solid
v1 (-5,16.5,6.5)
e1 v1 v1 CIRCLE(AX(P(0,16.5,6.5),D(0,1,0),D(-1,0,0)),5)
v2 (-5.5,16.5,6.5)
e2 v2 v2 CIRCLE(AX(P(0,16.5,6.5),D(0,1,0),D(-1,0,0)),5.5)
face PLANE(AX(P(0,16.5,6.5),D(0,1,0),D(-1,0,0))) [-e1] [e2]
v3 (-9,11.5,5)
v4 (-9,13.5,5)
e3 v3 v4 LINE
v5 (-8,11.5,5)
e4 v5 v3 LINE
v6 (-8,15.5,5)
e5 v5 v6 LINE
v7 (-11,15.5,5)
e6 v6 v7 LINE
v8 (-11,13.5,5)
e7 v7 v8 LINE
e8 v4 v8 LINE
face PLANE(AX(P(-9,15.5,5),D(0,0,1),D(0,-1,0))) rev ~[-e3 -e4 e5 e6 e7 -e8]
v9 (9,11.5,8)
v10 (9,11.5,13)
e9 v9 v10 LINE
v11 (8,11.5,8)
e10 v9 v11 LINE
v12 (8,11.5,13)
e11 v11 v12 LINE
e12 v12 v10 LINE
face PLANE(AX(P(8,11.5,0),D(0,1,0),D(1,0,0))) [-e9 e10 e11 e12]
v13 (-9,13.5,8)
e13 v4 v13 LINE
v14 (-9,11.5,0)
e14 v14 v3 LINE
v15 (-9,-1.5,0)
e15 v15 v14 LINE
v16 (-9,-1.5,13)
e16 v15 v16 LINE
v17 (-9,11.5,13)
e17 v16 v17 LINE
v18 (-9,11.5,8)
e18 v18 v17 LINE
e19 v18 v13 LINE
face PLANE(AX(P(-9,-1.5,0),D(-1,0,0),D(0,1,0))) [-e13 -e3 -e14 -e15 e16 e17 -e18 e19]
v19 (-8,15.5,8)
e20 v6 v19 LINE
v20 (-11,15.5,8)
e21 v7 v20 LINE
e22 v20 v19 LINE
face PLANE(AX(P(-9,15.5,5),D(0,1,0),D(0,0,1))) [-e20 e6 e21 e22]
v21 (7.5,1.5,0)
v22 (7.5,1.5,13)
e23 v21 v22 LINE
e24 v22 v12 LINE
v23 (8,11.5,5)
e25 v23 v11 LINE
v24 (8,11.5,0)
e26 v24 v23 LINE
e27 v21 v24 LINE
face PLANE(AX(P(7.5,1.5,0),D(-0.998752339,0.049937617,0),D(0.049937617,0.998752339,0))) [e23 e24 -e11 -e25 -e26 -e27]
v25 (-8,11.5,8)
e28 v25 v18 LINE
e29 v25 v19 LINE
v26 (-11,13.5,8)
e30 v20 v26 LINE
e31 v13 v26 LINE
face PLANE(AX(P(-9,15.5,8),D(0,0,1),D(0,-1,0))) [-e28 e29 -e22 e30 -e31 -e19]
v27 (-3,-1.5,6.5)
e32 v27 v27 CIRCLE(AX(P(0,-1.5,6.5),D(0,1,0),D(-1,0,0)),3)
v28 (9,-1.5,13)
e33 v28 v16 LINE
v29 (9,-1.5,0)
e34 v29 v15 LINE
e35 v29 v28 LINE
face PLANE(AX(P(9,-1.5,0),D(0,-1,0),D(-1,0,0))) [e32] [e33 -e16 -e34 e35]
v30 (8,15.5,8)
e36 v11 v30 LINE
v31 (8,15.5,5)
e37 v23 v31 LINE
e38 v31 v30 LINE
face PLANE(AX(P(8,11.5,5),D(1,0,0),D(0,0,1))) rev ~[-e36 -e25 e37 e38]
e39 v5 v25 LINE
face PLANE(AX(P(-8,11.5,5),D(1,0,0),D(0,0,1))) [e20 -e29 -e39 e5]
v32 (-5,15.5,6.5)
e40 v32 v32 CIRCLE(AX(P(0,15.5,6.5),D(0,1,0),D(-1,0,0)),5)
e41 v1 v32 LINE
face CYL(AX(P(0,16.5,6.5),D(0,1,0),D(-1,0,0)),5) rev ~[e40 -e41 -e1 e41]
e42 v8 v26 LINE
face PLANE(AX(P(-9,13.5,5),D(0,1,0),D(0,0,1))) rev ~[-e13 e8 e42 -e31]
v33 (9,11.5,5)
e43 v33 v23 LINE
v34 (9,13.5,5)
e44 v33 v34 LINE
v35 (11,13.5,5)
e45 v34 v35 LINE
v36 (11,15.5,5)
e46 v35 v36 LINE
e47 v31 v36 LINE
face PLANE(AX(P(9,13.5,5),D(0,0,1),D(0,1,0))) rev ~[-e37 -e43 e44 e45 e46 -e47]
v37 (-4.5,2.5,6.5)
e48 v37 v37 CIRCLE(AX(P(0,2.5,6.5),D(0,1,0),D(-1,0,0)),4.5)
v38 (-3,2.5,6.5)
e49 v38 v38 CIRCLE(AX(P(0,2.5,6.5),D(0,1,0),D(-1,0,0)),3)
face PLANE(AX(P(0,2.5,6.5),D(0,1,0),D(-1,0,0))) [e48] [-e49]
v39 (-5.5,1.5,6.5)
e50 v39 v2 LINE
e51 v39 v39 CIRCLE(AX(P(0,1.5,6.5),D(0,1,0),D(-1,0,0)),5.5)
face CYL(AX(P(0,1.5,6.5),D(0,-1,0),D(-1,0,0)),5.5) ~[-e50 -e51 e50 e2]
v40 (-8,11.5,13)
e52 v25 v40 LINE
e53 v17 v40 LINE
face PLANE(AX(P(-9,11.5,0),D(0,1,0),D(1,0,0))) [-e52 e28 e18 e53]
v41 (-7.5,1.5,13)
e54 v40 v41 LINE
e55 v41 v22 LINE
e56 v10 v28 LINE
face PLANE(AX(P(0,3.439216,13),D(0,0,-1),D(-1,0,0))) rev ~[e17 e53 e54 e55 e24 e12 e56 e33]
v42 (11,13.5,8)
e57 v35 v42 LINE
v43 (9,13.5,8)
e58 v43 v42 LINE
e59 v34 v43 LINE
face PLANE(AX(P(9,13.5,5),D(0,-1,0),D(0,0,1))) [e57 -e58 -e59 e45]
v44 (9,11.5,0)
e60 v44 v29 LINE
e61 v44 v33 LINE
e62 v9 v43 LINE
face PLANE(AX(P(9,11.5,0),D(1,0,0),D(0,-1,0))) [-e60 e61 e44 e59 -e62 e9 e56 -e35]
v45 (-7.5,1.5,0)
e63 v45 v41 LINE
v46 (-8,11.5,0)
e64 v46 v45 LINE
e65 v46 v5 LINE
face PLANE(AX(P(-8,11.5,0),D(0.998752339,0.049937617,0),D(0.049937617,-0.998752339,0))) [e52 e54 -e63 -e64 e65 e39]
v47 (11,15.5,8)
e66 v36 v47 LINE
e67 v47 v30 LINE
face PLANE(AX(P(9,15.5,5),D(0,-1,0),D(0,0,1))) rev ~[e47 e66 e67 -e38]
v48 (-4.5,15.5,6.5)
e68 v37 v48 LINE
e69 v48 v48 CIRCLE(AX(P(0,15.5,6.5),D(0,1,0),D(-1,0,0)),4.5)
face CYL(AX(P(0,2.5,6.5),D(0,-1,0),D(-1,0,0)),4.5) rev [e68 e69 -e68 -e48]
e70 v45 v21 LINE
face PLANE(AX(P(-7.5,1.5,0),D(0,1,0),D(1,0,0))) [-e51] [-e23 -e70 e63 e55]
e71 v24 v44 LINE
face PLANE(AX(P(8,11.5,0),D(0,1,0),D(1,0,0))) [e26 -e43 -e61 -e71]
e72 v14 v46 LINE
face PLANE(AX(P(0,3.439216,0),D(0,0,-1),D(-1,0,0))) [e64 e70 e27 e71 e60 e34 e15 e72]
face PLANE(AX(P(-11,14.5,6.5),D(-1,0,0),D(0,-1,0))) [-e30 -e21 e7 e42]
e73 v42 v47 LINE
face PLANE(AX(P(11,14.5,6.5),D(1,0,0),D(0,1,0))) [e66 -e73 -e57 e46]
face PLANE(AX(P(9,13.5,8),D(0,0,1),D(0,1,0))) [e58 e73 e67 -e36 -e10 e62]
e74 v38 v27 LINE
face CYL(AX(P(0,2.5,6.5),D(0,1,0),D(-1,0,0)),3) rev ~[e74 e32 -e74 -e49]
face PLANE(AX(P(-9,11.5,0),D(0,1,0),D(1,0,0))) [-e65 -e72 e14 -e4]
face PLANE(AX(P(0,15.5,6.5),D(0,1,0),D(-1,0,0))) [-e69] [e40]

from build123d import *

# Parameters (mm, degrees)
PAD_DEPTH       = 13
SKETCH001_R     = 5.5
PAD001_DEPTH    = 15
SKETCH002_R     = 5
POCKET_DEPTH    = 14
SKETCH003_R     = 3
POCKET001_DEPTH = 4.001
SKETCH005_W     = 1
SKETCH005_H     = 3
PAD002_DEPTH    = 4
SKETCH006_W     = 1
SKETCH006_H     = 3
PAD003_DEPTH    = 4
SKETCH007_W     = 2
SKETCH007_H     = 3
PAD004_DEPTH    = 2
SKETCH008_W     = 2
SKETCH008_H     = 3
PAD005_DEPTH    = 2
SKETCH009_R     = 5
SKETCH009_R_2   = 4.5
PAD006_DEPTH    = 13


with BuildPart() as part:
    # Sketch → Pad (new body)
    with BuildSketch(Plane.XY):
        Polygon((-7.5, 1.5), (7.5, 1.5), (8, 11.5), (9, 11.5), (9, -1.5), (-9, -1.5), (-9, 11.5), (-8, 11.5), align=None)
    extrude(amount=PAD_DEPTH)

    # Sketch001 (on Face5 of Pad) → Pad001 (join)
    with BuildSketch(Plane(origin=(0, 1.5, 0), x_dir=(-1, 0, 0), z_dir=(0, 1, 0))):
        with Locations((0, 6.5)):
            Circle(SKETCH001_R)
    extrude(amount=PAD001_DEPTH)

    # Sketch002 (on Face12 of Pad001) → Pocket (cut)
    with BuildSketch(Plane(origin=(0, 16.5, 0), x_dir=(-1, 0, 0), z_dir=(0, 1, 0))):
        with Locations((0, 6.5)):
            Circle(SKETCH002_R)
    extrude(amount=-POCKET_DEPTH, mode=Mode.SUBTRACT)

    # Sketch003 (on Face14 of Pocket) → Pocket001 (cut, through all)
    with BuildSketch(Plane(origin=(0, 2.5, 0), x_dir=(-1, 0, 0), z_dir=(0, 1, 0))):
        with Locations((0, 6.5)):
            Circle(SKETCH003_R)
    extrude(amount=-POCKET001_DEPTH, mode=Mode.SUBTRACT)

    # Sketch005 (on Face8 of Pocket001) → Pad002 (join)
    with BuildSketch(Plane(origin=(0, 11.5, 0), x_dir=(-1, 0, 0), z_dir=(0, 1, 0))):
        with Locations((8.5, 6.5)):
            Rectangle(SKETCH005_W, SKETCH005_H)
    extrude(amount=PAD002_DEPTH)

    # Sketch006 (on Face7 of Pad002) → Pad003 (join)
    with BuildSketch(Plane(origin=(0, 11.5, 0), x_dir=(-1, 0, 0), z_dir=(0, 1, 0))):
        with Locations((-8.5, 6.5)):
            Rectangle(SKETCH006_W, SKETCH006_H)
    extrude(amount=PAD003_DEPTH)

    # Sketch007 (on Face15 of Pad003) → Pad004 (join)
    with BuildSketch(Plane(origin=(-9, 0, 0), x_dir=(0, -1, 0), z_dir=(-1, 0, 0))):
        with Locations((-14.5, 6.5)):
            Rectangle(SKETCH007_W, SKETCH007_H)
    extrude(amount=PAD004_DEPTH)

    # Sketch008 (on Face8 of Pad004) → Pad005 (join)
    with BuildSketch(Plane.YZ.offset(9)):
        with Locations((14.5, 6.5)):
            Rectangle(SKETCH008_W, SKETCH008_H)
    extrude(amount=PAD005_DEPTH)

    # Sketch009 (on Face16 of Pad005) → Pad006 (join)
    with BuildSketch(Plane(origin=(0, 2.5, 0), x_dir=(-1, 0, 0), z_dir=(0, 1, 0))):
        with Locations((0, 6.5)):
            Circle(SKETCH009_R)
        with Locations((0, 6.5)):
            Circle(SKETCH009_R_2, mode=Mode.SUBTRACT)
    extrude(amount=PAD006_DEPTH)


solid = part.part
